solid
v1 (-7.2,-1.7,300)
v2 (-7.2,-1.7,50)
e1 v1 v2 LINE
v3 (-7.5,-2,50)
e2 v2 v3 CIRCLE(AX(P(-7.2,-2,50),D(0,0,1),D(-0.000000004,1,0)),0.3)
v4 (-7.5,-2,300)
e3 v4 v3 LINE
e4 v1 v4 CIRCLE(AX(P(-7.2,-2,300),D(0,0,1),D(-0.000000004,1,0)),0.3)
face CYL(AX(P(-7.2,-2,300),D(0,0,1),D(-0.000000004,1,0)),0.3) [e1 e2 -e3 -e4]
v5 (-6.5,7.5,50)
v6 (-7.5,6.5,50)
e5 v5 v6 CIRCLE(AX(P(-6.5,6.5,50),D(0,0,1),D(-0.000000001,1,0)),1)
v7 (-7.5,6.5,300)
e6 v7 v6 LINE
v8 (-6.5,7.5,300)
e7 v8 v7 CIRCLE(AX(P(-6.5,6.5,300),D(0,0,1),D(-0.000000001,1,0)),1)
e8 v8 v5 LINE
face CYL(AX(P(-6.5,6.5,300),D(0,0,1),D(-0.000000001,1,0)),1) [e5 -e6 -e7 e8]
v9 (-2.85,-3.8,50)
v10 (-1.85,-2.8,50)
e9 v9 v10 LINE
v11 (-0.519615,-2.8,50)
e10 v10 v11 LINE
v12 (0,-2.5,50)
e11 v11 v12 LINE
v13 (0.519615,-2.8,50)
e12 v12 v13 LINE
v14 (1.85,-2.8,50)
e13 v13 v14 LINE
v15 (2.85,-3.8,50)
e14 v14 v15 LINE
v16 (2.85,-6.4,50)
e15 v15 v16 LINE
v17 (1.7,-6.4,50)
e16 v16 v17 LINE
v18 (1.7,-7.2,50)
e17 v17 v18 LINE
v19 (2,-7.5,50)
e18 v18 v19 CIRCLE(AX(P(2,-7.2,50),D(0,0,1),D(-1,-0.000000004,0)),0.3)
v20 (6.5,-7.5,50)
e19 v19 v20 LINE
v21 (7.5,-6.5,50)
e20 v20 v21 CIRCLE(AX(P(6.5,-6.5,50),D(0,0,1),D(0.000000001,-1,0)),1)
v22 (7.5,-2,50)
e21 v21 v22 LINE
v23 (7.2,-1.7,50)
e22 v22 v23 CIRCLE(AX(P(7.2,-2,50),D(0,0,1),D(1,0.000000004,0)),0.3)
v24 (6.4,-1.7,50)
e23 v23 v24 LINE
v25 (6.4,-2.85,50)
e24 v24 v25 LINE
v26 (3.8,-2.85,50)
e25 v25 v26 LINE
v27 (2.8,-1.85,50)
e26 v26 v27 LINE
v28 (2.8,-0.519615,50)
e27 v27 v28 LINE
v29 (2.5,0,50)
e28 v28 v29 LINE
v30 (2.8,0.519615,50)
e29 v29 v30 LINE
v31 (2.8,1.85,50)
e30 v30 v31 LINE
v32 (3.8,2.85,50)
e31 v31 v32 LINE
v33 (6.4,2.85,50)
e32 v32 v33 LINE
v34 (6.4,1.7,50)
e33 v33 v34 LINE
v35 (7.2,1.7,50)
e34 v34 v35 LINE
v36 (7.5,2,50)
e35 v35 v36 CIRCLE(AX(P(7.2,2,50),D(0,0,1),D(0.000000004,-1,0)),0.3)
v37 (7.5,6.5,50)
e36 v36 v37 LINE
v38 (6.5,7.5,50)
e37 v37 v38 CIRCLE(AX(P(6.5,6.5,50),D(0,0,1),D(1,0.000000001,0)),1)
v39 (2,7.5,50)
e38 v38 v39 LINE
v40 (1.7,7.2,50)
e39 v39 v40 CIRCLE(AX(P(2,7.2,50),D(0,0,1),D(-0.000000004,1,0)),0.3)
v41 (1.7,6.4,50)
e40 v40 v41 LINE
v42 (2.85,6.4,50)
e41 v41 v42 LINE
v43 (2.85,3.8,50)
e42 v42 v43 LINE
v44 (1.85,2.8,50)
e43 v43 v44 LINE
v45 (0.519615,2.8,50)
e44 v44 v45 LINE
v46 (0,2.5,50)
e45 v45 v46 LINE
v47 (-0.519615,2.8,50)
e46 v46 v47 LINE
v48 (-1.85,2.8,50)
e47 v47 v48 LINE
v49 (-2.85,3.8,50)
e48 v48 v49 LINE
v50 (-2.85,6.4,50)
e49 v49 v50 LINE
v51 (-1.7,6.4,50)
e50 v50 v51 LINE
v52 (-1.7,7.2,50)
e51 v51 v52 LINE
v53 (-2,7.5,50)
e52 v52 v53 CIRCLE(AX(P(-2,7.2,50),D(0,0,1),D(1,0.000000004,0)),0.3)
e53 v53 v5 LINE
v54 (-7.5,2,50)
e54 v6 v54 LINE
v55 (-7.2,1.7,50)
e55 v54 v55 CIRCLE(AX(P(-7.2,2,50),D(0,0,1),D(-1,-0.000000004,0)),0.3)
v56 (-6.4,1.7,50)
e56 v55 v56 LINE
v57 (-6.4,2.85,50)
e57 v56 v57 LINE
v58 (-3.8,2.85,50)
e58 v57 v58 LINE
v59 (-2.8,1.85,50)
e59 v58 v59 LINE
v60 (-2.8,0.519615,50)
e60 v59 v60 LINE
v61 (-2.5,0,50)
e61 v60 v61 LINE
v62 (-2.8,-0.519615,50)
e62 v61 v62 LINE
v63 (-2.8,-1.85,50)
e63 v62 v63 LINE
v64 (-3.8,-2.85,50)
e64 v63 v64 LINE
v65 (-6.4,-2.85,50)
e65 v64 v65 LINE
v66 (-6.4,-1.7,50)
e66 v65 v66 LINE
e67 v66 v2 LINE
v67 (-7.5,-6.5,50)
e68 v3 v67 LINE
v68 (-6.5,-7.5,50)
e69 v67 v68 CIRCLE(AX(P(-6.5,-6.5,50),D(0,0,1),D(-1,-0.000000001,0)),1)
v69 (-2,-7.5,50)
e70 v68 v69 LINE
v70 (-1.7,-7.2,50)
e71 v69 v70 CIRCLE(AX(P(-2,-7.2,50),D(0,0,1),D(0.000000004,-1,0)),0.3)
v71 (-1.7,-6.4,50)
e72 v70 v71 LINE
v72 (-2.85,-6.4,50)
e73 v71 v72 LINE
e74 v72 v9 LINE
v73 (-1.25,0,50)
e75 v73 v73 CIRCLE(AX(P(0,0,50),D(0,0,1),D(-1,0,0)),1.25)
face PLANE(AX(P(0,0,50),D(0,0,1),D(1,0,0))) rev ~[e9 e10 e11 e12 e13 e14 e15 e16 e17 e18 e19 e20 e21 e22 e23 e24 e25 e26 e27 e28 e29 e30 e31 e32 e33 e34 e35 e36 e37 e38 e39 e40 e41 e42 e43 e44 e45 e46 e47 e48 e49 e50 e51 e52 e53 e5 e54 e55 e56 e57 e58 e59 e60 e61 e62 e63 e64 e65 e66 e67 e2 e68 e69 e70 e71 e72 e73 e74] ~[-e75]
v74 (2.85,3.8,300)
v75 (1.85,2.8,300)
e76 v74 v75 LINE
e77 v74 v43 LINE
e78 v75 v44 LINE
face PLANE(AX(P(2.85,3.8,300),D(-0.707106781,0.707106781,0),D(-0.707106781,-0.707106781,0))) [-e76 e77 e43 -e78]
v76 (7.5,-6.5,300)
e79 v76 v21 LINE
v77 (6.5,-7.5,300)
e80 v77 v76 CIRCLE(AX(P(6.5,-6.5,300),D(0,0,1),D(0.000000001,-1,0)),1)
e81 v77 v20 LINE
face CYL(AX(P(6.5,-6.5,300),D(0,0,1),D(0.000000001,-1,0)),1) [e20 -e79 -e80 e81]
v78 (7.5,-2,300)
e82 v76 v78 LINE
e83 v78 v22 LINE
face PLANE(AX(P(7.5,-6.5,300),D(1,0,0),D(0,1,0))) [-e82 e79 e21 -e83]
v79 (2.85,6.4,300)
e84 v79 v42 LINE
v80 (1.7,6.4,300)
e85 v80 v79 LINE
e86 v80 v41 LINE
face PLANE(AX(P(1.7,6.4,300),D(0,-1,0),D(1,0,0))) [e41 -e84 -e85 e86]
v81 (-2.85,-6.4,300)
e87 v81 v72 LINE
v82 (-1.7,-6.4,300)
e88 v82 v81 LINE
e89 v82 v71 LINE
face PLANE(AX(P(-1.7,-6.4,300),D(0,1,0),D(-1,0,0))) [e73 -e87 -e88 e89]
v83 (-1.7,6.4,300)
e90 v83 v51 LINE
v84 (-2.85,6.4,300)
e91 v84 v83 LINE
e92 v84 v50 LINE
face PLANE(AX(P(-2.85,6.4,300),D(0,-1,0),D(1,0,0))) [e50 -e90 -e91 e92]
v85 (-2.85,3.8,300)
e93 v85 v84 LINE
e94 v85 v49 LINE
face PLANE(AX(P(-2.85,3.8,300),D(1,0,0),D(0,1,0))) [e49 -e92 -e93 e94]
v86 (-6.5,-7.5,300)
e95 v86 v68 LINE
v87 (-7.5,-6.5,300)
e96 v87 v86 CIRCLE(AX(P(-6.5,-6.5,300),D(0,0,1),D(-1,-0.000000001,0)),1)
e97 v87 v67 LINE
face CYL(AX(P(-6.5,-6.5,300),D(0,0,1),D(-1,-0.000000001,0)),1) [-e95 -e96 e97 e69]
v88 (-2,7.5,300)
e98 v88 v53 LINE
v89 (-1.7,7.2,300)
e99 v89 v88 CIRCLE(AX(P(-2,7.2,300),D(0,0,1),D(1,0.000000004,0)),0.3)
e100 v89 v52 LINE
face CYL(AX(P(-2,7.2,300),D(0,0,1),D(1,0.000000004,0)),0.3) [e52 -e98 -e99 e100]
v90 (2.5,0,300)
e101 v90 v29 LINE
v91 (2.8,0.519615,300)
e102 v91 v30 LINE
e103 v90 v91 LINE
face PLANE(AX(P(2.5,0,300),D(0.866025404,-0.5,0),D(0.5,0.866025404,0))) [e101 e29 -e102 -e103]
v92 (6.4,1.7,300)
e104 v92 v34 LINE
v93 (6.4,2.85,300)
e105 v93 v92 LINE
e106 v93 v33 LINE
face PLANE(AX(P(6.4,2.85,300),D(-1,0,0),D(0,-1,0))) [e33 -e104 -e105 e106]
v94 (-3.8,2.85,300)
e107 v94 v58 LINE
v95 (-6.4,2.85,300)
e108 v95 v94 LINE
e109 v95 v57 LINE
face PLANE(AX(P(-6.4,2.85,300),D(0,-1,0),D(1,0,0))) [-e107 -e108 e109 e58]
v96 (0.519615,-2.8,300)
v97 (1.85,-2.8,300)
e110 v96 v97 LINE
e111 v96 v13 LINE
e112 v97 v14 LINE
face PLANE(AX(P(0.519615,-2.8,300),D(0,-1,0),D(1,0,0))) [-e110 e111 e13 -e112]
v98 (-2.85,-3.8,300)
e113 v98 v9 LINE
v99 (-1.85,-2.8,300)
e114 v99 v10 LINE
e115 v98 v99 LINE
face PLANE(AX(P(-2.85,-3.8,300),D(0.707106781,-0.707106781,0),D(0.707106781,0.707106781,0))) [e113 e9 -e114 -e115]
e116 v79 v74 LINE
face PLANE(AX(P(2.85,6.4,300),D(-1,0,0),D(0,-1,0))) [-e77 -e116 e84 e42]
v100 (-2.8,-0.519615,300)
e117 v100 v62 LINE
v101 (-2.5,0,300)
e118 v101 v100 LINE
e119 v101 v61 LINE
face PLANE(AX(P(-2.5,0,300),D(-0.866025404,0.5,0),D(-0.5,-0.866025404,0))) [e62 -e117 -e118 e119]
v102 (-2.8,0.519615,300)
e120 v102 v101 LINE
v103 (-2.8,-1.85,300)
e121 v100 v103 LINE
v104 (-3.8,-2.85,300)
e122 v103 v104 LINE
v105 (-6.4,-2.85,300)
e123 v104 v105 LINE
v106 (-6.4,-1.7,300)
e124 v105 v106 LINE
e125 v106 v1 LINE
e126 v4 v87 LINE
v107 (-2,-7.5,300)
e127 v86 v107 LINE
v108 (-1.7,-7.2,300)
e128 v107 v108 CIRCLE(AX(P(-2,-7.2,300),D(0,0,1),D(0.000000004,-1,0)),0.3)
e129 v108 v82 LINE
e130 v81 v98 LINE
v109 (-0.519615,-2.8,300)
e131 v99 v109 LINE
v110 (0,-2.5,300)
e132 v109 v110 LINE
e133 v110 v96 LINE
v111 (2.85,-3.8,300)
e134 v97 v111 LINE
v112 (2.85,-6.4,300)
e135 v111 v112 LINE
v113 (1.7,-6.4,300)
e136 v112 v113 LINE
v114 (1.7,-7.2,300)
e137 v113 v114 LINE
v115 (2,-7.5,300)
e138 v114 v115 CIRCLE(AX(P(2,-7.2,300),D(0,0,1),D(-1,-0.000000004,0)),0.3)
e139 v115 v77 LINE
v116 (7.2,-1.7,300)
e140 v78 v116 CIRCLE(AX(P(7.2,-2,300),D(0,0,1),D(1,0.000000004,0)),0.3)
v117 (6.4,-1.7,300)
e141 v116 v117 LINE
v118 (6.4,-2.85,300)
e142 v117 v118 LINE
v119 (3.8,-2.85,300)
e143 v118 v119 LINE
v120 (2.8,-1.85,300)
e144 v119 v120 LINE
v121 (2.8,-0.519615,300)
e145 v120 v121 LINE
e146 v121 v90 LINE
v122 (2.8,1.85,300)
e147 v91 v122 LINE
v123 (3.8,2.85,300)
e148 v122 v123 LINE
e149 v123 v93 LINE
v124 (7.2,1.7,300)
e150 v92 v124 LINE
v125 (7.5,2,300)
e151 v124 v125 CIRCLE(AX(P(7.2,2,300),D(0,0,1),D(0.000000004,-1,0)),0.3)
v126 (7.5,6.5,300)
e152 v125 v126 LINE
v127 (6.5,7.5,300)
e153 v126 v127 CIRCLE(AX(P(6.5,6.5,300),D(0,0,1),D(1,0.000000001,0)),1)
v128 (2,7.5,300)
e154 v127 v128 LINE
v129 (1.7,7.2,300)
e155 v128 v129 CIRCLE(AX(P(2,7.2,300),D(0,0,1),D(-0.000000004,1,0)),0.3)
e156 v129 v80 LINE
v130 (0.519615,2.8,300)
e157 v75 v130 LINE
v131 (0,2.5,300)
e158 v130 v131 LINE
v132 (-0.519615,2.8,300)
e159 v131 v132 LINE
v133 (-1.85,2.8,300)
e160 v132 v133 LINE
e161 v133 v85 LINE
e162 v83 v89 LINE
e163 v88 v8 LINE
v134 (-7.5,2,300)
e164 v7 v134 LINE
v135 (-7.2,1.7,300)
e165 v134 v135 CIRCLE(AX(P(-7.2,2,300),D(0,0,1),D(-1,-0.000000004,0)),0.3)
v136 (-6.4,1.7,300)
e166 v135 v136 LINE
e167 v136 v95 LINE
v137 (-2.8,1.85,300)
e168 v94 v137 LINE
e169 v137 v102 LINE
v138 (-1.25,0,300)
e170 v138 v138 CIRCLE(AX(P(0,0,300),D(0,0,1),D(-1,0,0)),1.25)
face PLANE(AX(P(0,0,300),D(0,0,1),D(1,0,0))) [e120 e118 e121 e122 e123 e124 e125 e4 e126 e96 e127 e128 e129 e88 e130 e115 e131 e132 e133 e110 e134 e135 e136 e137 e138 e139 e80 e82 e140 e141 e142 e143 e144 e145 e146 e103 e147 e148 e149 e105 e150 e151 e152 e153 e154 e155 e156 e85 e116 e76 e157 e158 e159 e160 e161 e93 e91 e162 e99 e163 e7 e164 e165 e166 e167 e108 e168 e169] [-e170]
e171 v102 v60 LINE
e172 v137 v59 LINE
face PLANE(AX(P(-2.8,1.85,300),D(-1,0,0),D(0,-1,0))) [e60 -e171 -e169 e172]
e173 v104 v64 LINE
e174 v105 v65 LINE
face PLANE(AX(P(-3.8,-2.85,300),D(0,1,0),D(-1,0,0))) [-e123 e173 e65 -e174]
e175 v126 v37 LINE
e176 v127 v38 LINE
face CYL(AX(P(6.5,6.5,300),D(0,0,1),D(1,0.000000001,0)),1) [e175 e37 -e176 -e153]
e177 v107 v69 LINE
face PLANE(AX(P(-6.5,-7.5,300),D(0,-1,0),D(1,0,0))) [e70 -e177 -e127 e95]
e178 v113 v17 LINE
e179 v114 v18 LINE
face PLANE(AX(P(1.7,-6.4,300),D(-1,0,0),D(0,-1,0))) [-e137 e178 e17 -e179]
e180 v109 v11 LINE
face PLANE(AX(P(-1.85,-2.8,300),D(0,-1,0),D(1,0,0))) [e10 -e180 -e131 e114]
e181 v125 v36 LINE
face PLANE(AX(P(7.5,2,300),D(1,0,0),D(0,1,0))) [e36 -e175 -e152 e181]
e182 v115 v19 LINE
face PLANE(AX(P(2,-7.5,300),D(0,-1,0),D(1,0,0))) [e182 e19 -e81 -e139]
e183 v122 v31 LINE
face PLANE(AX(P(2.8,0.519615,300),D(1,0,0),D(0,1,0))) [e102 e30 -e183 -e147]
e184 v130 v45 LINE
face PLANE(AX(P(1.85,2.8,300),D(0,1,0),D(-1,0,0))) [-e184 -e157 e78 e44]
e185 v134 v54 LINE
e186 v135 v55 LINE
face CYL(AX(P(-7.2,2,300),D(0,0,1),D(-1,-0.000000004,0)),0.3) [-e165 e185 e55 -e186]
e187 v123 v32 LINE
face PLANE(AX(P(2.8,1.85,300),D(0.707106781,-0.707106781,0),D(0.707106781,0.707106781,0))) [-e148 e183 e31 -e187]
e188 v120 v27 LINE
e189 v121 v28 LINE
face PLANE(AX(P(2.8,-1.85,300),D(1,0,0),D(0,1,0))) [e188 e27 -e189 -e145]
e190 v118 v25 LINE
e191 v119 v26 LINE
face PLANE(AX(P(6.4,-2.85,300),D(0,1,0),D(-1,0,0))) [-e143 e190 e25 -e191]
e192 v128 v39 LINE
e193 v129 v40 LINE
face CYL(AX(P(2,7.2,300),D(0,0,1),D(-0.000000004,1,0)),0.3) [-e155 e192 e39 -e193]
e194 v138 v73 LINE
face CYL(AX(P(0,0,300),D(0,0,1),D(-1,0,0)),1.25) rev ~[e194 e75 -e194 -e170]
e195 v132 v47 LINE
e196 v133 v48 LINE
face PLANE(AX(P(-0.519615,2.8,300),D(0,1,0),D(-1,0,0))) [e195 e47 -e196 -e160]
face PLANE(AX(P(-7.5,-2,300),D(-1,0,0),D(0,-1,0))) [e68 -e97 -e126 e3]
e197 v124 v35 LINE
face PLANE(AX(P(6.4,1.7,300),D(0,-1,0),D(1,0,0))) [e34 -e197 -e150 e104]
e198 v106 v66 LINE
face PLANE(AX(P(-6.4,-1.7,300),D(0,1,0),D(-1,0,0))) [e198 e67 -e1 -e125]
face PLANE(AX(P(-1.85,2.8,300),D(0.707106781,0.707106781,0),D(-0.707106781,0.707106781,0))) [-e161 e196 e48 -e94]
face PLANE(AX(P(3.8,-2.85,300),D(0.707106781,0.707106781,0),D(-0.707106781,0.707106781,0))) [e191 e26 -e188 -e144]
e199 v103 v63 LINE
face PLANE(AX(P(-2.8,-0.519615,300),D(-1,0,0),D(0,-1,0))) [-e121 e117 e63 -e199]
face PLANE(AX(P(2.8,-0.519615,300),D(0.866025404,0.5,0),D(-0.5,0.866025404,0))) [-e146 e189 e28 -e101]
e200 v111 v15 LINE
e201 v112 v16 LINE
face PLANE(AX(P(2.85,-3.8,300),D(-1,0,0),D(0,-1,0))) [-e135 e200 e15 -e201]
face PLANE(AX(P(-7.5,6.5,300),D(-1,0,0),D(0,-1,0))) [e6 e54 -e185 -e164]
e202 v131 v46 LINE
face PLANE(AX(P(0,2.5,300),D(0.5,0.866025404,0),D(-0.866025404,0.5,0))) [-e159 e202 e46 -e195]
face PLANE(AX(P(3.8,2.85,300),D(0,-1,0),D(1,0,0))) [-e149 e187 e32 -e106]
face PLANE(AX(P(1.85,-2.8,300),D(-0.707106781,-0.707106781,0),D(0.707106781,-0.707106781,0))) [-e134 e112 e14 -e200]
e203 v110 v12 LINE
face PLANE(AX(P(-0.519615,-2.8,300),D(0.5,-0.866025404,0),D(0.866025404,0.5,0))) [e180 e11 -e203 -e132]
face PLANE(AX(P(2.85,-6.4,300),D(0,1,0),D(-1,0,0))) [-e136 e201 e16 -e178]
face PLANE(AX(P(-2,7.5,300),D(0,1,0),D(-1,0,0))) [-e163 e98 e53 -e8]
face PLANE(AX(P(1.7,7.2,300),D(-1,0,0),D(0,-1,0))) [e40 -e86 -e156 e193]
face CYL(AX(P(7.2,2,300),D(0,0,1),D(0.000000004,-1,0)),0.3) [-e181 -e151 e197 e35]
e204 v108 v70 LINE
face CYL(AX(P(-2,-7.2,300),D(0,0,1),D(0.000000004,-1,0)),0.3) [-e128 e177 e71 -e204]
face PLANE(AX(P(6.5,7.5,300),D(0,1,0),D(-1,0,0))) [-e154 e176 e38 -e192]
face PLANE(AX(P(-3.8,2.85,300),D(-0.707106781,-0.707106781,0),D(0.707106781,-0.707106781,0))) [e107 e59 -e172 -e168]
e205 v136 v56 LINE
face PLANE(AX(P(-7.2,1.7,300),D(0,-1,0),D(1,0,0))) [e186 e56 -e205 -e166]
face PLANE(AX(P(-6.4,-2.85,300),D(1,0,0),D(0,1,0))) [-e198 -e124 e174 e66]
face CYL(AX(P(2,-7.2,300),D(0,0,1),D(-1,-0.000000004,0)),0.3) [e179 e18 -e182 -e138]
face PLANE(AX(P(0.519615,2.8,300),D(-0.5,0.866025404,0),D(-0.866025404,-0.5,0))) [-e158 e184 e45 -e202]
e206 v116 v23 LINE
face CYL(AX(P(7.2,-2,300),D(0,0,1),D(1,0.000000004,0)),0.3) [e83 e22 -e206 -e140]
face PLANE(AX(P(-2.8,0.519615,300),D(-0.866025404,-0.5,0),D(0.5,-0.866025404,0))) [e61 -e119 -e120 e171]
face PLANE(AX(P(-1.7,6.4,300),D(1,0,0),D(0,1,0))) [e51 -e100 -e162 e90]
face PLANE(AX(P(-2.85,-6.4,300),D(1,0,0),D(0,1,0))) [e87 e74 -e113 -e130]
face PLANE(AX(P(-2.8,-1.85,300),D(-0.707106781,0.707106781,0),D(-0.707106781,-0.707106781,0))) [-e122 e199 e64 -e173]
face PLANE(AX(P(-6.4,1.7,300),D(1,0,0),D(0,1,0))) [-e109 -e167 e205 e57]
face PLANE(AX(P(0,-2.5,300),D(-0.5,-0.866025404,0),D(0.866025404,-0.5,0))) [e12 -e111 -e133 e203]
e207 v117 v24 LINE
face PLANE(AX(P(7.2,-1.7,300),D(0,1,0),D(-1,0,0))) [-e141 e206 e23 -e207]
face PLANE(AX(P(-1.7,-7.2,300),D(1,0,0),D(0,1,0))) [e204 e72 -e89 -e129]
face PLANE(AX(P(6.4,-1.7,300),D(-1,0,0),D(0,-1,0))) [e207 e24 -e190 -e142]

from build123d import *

# Parameters (mm, degrees)
SKETCH1_R           = 1.25
BOSS_EXTRUDE1_DEPTH = 250


with BuildPart() as part:
    # Sketch1 → Boss-Extrude1 (new body)
    with BuildSketch(Plane.XY.offset(300)):
        with BuildLine():
            Line((-7.5, 6.5), (-7.5, 2))
            ThreePointArc((-7.5, 2), (-7.412132034, 1.787867966), (-7.2, 1.7))
            Line((-7.2, 1.7), (-6.4, 1.7))
            Line((-6.4, 1.7), (-6.4, 2.85))
            Line((-6.4, 2.85), (-3.8, 2.85))
            Line((-3.8, 2.85), (-2.8, 1.85))
            Line((-2.8, 1.85), (-2.8, 0.519615242))
            Line((-2.8, 0.519615242), (-2.5, 0))
            Line((-2.5, 0), (-2.8, -0.519615242))
            Line((-2.8, -0.519615242), (-2.8, -1.85))
            Line((-2.8, -1.85), (-3.8, -2.85))
            Line((-3.8, -2.85), (-6.4, -2.85))
            Line((-6.4, -2.85), (-6.4, -1.7))
            Line((-6.4, -1.7), (-7.2, -1.7))
            ThreePointArc((-7.2, -1.7), (-7.412132034, -1.787867966), (-7.5, -2))
            Line((-7.5, -2), (-7.5, -6.5))
            ThreePointArc((-7.5, -6.5), (-7.207106781, -7.207106781), (-6.5, -7.5))
            Line((-6.5, -7.5), (-2, -7.5))
            ThreePointArc((-2, -7.5), (-1.787867966, -7.412132034), (-1.7, -7.2))
            Line((-1.7, -7.2), (-1.7, -6.4))
            Line((-1.7, -6.4), (-2.85, -6.4))
            Line((-2.85, -6.4), (-2.85, -3.8))
            Line((-2.85, -3.8), (-1.85, -2.8))
            Line((-1.85, -2.8), (-0.519615242, -2.8))
            Line((-0.519615242, -2.8), (0, -2.5))
            Line((0, -2.5), (0.519615242, -2.8))
            Line((0.519615242, -2.8), (1.85, -2.8))
            Line((1.85, -2.8), (2.85, -3.8))
            Line((2.85, -3.8), (2.85, -6.4))
            Line((2.85, -6.4), (1.7, -6.4))
            Line((1.7, -6.4), (1.7, -7.2))
            ThreePointArc((1.7, -7.2), (1.787867966, -7.412132034), (2, -7.5))
            Line((2, -7.5), (6.5, -7.5))
            ThreePointArc((6.5, -7.5), (7.207106781, -7.207106781), (7.5, -6.5))
            Line((7.5, -6.5), (7.5, -2))
            ThreePointArc((7.5, -2), (7.412132034, -1.787867966), (7.2, -1.7))
            Line((7.2, -1.7), (6.4, -1.7))
            Line((6.4, -1.7), (6.4, -2.85))
            Line((6.4, -2.85), (3.8, -2.85))
            Line((3.8, -2.85), (2.8, -1.85))
            Line((2.8, -1.85), (2.8, -0.519615242))
            Line((2.8, -0.519615242), (2.5, 0))
            Line((2.5, 0), (2.8, 0.519615242))
            Line((2.8, 0.519615242), (2.8, 1.85))
            Line((2.8, 1.85), (3.8, 2.85))
            Line((3.8, 2.85), (6.4, 2.85))
            Line((6.4, 2.85), (6.4, 1.7))
            Line((6.4, 1.7), (7.2, 1.7))
            ThreePointArc((7.2, 1.7), (7.412132034, 1.787867966), (7.5, 2))
            Line((7.5, 2), (7.5, 6.5))
            ThreePointArc((7.5, 6.5), (7.207106781, 7.207106781), (6.5, 7.5))
            Line((6.5, 7.5), (2, 7.5))
            ThreePointArc((2, 7.5), (1.787867966, 7.412132034), (1.7, 7.2))
            Line((1.7, 7.2), (1.7, 6.4))
            Line((1.7, 6.4), (2.85, 6.4))
            Line((2.85, 6.4), (2.85, 3.8))
            Line((2.85, 3.8), (1.85, 2.8))
            Line((1.85, 2.8), (0.519615242, 2.8))
            Line((0.519615242, 2.8), (0, 2.5))
            Line((0, 2.5), (-0.519615242, 2.8))
            Line((-0.519615242, 2.8), (-1.85, 2.8))
            Line((-1.85, 2.8), (-2.85, 3.8))
            Line((-2.85, 3.8), (-2.85, 6.4))
            Line((-2.85, 6.4), (-1.7, 6.4))
            Line((-1.7, 6.4), (-1.7, 7.2))
            ThreePointArc((-1.7, 7.2), (-1.787867966, 7.412132034), (-2, 7.5))
            Line((-2, 7.5), (-6.5, 7.5))
            ThreePointArc((-6.5, 7.5), (-7.207106781, 7.207106781), (-7.5, 6.5))
        make_face()
        with Locations(Location((0, 0, 0), (0, 0, 180))):
            Circle(SKETCH1_R, mode=Mode.SUBTRACT)
    extrude(amount=-BOSS_EXTRUDE1_DEPTH)


solid = part.part
